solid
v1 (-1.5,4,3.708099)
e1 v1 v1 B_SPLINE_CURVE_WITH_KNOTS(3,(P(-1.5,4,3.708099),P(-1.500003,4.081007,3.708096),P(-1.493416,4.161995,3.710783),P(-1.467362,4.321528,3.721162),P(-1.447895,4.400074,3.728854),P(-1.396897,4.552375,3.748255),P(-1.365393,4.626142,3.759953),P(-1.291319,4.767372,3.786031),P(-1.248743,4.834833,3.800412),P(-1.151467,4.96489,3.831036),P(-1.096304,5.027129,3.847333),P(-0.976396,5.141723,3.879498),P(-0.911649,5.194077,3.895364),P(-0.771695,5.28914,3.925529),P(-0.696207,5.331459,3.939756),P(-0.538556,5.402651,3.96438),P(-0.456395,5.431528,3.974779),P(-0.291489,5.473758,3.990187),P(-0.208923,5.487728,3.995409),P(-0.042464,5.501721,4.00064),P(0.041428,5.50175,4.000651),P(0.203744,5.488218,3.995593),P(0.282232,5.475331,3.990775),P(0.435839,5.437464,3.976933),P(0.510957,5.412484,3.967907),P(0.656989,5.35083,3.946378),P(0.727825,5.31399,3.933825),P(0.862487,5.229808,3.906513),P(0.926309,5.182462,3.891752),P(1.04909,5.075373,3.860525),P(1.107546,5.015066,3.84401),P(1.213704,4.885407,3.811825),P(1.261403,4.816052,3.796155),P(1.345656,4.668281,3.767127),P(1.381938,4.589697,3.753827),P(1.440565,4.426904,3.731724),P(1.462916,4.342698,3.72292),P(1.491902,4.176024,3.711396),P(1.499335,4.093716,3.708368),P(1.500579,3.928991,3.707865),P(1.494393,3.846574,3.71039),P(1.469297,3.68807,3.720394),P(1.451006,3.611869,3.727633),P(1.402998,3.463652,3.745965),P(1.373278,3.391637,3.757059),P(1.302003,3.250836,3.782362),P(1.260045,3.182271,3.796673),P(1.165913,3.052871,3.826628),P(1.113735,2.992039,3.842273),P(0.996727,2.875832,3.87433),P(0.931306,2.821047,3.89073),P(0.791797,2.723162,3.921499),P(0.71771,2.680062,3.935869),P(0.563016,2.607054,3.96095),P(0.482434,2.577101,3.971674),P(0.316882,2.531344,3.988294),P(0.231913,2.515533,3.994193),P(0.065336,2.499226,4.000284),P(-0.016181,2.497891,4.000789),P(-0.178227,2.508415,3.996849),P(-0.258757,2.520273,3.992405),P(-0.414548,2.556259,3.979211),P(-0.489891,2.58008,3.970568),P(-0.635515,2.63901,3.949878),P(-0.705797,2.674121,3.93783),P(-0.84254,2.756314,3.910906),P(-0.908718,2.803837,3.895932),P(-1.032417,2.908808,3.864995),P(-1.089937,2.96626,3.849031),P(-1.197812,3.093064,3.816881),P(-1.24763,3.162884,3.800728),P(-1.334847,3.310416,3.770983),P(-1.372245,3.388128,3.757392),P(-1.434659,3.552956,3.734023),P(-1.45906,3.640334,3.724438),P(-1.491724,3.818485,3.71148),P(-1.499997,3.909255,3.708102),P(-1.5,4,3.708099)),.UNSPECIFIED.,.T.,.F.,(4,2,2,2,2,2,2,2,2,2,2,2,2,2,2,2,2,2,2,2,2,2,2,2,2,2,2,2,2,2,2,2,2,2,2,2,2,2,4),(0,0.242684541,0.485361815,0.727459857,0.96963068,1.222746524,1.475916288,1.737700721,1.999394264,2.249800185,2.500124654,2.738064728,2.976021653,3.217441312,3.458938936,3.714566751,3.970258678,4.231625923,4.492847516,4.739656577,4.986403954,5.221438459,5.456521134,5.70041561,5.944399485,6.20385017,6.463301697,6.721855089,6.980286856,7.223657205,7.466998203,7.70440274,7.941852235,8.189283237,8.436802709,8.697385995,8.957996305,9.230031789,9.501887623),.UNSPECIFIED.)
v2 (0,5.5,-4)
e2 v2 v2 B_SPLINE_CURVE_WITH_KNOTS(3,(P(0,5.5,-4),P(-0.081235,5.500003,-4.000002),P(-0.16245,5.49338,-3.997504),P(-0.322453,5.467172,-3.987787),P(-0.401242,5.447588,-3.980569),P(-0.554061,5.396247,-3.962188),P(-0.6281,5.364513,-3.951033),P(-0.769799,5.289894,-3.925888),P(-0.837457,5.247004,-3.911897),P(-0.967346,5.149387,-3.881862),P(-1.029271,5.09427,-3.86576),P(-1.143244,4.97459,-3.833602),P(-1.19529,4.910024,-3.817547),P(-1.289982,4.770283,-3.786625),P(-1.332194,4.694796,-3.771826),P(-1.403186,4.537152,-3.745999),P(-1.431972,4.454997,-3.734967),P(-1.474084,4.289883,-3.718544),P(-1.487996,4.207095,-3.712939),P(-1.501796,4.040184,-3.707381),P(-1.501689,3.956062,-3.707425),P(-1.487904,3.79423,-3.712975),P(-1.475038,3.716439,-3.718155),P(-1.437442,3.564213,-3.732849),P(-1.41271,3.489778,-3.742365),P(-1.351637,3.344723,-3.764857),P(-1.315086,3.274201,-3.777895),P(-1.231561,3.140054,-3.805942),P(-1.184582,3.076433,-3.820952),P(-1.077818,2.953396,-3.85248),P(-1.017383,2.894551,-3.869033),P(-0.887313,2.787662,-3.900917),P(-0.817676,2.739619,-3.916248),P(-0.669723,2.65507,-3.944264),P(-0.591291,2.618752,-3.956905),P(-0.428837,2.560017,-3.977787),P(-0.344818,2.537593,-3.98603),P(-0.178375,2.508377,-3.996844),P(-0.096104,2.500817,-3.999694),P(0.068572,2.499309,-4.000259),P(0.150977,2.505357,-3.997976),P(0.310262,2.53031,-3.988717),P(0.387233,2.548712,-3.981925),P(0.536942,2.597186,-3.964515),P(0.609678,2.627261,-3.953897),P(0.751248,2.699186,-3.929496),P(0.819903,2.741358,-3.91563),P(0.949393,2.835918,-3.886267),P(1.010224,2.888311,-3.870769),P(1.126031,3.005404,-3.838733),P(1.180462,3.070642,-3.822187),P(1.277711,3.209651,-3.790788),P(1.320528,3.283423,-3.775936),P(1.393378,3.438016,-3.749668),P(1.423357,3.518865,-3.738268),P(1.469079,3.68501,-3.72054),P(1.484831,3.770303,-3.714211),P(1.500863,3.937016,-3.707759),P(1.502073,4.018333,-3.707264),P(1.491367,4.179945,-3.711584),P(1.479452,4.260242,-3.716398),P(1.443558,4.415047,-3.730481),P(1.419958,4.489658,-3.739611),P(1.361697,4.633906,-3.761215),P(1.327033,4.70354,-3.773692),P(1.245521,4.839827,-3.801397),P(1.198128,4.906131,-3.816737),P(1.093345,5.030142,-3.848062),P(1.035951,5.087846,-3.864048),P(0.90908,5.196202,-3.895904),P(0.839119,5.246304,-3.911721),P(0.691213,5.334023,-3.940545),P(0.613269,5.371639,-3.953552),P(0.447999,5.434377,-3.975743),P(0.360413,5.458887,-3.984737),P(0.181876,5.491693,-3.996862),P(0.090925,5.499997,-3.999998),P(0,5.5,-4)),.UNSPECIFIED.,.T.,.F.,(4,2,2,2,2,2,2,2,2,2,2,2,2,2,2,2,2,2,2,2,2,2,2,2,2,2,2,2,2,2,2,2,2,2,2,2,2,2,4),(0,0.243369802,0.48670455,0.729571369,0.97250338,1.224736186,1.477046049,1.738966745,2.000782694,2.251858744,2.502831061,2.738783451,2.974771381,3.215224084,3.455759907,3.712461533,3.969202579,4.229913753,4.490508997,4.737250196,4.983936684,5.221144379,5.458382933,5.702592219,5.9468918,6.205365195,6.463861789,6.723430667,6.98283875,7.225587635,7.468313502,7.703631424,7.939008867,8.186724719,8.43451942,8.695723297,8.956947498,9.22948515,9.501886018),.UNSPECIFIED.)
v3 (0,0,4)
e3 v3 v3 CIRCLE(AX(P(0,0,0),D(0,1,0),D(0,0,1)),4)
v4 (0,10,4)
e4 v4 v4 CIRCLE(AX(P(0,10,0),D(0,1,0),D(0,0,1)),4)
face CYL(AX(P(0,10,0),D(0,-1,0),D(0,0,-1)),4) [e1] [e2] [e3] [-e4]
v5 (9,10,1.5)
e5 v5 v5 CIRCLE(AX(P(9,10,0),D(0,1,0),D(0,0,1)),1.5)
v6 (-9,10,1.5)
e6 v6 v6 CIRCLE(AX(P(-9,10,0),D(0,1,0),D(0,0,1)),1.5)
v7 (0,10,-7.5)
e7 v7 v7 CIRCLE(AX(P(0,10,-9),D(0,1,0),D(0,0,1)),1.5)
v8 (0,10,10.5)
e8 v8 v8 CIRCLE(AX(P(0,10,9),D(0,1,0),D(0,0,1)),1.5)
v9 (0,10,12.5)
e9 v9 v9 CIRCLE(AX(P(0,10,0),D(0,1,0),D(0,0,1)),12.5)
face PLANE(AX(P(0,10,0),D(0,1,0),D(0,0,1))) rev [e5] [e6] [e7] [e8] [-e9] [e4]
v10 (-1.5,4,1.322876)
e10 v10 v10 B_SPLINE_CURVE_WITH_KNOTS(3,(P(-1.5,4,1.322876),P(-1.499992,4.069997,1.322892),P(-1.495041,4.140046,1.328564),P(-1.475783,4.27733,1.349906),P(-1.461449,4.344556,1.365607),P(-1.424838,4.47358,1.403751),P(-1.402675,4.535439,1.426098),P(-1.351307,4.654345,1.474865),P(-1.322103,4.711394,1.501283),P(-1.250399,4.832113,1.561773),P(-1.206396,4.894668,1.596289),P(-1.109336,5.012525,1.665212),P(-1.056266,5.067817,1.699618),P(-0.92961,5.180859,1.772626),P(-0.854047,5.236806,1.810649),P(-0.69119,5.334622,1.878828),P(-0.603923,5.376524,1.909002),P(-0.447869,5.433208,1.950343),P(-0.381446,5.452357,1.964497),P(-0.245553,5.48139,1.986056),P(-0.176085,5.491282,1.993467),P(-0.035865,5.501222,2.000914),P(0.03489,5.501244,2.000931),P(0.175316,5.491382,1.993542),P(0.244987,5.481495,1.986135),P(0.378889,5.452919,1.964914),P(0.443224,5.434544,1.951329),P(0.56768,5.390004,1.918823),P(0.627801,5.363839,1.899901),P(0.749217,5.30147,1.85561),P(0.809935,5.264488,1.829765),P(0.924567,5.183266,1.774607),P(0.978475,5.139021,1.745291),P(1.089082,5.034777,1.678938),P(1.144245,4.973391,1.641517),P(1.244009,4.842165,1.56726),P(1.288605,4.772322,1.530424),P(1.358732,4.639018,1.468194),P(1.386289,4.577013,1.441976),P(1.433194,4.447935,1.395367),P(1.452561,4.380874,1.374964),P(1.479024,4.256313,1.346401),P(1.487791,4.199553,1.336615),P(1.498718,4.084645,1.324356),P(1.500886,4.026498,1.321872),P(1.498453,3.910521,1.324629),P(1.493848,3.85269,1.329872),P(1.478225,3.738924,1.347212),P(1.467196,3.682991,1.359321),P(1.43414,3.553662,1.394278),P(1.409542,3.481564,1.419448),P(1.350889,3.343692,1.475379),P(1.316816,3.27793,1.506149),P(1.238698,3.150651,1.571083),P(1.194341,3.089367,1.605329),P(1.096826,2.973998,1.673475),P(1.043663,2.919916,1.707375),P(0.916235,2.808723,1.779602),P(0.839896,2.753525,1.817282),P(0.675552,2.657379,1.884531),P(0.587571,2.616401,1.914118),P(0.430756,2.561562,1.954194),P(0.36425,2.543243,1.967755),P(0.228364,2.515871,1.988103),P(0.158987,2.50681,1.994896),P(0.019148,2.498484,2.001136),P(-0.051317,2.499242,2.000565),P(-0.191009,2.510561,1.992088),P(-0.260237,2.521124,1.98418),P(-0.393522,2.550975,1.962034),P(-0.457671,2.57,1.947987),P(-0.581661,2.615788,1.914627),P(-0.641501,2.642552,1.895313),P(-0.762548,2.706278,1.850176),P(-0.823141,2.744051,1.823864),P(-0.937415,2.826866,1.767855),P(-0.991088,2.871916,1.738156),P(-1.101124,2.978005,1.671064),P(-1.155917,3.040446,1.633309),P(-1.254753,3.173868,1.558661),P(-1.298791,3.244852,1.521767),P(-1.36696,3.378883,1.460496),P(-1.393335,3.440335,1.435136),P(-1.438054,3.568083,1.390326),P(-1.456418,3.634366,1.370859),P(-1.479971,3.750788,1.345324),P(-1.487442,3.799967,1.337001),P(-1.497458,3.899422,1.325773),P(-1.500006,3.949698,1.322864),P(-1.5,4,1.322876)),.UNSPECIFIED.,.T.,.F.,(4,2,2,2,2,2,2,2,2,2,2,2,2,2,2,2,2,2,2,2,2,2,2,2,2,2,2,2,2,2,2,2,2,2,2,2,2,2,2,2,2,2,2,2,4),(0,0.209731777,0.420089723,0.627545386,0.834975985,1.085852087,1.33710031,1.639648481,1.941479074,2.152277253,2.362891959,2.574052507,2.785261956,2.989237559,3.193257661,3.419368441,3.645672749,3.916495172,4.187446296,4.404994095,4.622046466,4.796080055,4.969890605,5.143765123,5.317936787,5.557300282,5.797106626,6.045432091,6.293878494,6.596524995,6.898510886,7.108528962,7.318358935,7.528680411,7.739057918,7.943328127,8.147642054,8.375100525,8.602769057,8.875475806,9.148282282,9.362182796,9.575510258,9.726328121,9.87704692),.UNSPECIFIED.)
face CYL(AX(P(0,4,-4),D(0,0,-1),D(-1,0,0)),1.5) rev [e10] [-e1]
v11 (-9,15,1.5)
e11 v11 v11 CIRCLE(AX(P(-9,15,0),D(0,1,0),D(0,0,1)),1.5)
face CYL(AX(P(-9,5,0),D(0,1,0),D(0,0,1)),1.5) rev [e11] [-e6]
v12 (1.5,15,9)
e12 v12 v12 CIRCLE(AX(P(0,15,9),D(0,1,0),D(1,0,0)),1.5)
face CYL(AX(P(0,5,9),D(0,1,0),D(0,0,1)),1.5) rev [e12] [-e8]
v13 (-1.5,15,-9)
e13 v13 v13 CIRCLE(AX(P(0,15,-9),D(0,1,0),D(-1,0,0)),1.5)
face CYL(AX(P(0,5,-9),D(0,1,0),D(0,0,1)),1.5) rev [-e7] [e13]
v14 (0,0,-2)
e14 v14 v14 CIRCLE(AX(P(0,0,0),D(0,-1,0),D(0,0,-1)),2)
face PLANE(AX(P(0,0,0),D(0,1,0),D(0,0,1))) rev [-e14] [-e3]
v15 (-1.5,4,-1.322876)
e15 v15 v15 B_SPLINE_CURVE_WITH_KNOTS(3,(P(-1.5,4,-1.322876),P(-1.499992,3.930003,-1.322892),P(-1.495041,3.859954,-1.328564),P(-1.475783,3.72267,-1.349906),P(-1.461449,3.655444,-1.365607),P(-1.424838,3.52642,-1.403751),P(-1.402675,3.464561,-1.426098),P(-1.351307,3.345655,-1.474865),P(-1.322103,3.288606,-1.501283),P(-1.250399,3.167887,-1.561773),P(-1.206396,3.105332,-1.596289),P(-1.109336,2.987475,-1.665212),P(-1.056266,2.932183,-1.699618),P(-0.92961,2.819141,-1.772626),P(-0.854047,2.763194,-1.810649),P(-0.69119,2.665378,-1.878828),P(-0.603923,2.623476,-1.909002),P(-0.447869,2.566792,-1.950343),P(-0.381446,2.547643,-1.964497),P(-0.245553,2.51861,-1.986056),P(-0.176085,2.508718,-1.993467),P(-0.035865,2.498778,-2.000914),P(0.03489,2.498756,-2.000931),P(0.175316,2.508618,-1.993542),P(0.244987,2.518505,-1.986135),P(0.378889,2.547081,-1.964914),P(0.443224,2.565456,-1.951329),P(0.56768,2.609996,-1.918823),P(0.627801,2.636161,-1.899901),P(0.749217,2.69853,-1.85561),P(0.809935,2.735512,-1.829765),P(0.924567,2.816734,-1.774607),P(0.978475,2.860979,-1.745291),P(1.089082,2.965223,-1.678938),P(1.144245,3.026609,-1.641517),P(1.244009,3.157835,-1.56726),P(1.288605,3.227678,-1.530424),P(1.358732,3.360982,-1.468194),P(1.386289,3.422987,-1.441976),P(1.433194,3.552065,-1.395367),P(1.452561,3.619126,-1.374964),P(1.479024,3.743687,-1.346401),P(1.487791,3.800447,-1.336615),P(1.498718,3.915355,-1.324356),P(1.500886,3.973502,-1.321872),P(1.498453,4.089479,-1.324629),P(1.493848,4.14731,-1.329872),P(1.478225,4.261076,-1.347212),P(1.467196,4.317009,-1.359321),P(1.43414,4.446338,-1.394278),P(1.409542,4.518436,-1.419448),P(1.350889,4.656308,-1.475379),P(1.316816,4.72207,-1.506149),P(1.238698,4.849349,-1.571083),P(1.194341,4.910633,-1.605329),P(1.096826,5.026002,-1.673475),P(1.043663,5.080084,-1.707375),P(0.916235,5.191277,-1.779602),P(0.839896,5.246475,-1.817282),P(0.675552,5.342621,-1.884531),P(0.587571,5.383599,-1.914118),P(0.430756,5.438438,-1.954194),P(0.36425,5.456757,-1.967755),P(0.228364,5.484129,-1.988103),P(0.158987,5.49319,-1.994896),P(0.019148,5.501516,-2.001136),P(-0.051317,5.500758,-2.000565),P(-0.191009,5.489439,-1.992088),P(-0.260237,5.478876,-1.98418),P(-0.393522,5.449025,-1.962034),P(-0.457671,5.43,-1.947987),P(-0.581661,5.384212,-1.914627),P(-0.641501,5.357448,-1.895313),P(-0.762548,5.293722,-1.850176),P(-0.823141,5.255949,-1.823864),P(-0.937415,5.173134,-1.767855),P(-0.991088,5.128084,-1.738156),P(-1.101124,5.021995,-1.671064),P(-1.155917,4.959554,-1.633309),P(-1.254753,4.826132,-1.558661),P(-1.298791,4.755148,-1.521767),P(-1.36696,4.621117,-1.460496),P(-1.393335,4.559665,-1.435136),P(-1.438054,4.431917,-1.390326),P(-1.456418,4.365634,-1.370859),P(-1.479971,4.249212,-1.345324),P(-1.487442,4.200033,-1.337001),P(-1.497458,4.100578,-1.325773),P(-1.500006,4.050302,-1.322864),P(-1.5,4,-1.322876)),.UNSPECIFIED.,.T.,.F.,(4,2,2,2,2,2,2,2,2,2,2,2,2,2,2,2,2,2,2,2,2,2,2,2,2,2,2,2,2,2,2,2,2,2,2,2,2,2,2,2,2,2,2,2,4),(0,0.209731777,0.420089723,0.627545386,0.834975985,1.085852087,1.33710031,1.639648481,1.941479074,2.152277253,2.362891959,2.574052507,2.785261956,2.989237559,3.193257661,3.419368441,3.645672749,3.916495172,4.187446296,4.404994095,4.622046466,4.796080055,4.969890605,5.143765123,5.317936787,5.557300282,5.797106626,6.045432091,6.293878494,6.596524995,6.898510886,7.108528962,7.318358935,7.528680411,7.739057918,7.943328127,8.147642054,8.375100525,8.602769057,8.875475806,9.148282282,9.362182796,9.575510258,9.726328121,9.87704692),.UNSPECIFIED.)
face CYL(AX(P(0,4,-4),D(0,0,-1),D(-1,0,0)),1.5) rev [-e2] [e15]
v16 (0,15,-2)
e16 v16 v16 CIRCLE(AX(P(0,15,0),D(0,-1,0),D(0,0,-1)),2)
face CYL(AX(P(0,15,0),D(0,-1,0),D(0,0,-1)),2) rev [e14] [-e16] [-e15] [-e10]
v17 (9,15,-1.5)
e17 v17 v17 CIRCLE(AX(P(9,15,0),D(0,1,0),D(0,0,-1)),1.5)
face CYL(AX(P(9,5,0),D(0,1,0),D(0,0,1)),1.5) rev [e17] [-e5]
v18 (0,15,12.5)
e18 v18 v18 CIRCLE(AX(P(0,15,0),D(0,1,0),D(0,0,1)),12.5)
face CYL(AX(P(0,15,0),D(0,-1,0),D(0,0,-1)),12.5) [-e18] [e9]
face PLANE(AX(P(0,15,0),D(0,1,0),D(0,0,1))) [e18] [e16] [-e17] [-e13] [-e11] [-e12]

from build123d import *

# Parameters (mm, degrees)
SKETCH1_R                = 4
BOSS_EXTRUDE1_DEPTH      = 10
SKETCH3_R                = 12.5
BOSS_EXTRUDE2_DEPTH      = 5
F_3_0_3_DIAMETER_HOLE2_D = 3
SKETCH6_R                = 1.5
CUT_EXTRUDE2_DEPTH       = 10
SKETCH2_R                = 2
CUT_EXTRUDE1_DEPTH       = 24.184046239
CIRPATTERN1_COUNT        = 4


with BuildPart() as part:
    # Sketch1 → Boss-Extrude1 (new body)
    with BuildSketch(Plane(origin=(0, 0, 0), x_dir=(1, 0, 0), z_dir=(0, 1, 0))):
        with Locations(Location((0, 0, 0), (0, 0, 270))):
            Circle(SKETCH1_R)
    extrude(amount=BOSS_EXTRUDE1_DEPTH)

    # Sketch3 → Boss-Extrude2 (add)
    with BuildSketch(Plane(origin=(0, 10, 0), x_dir=(1, 0, 0), z_dir=(0, 1, 0))):
        with Locations(Location((0, 0, 0), (0, 0, 270))):
            Circle(SKETCH3_R)
    extrude(amount=BOSS_EXTRUDE2_DEPTH)

    # Ø3.0 (3) Diameter Hole2 (through all)
    with Locations(Plane(origin=(0, 4, -4), x_dir=(-1, 0, 0), z_dir=(0, 0, -1))):
        with Locations((0, 0)):
            Hole(F_3_0_3_DIAMETER_HOLE2_D / 2)

    # Sketch6 → Cut-Extrude2 (cut)
    with BuildSketch(Plane(origin=(0, 15, 0), x_dir=(1, 0, 0), z_dir=(0, 1, 0))):
        with Locations(Location((-9, 0, 0), (0, 0, 270))):
            Circle(SKETCH6_R)
    cut_extrude2 = extrude(amount=-CUT_EXTRUDE2_DEPTH, mode=Mode.SUBTRACT)

    # Sketch2 → Cut-Extrude1 (cut, through all)
    with BuildSketch(Plane.XZ):
        with Locations(Location((0, 0, 0), (0, 0, 270))):
            Circle(SKETCH2_R)
    extrude(amount=-CUT_EXTRUDE1_DEPTH, mode=Mode.SUBTRACT)

    # CirPattern1: Cut-Extrude2 ×4 about axis
    cirpattern1_axis = Axis((0, 0, 0), (0, 1, 0))
    for i in range(1, CIRPATTERN1_COUNT):
        add(cut_extrude2.rotate(cirpattern1_axis, i * 360 / CIRPATTERN1_COUNT), mode=Mode.SUBTRACT)


solid = part.part
